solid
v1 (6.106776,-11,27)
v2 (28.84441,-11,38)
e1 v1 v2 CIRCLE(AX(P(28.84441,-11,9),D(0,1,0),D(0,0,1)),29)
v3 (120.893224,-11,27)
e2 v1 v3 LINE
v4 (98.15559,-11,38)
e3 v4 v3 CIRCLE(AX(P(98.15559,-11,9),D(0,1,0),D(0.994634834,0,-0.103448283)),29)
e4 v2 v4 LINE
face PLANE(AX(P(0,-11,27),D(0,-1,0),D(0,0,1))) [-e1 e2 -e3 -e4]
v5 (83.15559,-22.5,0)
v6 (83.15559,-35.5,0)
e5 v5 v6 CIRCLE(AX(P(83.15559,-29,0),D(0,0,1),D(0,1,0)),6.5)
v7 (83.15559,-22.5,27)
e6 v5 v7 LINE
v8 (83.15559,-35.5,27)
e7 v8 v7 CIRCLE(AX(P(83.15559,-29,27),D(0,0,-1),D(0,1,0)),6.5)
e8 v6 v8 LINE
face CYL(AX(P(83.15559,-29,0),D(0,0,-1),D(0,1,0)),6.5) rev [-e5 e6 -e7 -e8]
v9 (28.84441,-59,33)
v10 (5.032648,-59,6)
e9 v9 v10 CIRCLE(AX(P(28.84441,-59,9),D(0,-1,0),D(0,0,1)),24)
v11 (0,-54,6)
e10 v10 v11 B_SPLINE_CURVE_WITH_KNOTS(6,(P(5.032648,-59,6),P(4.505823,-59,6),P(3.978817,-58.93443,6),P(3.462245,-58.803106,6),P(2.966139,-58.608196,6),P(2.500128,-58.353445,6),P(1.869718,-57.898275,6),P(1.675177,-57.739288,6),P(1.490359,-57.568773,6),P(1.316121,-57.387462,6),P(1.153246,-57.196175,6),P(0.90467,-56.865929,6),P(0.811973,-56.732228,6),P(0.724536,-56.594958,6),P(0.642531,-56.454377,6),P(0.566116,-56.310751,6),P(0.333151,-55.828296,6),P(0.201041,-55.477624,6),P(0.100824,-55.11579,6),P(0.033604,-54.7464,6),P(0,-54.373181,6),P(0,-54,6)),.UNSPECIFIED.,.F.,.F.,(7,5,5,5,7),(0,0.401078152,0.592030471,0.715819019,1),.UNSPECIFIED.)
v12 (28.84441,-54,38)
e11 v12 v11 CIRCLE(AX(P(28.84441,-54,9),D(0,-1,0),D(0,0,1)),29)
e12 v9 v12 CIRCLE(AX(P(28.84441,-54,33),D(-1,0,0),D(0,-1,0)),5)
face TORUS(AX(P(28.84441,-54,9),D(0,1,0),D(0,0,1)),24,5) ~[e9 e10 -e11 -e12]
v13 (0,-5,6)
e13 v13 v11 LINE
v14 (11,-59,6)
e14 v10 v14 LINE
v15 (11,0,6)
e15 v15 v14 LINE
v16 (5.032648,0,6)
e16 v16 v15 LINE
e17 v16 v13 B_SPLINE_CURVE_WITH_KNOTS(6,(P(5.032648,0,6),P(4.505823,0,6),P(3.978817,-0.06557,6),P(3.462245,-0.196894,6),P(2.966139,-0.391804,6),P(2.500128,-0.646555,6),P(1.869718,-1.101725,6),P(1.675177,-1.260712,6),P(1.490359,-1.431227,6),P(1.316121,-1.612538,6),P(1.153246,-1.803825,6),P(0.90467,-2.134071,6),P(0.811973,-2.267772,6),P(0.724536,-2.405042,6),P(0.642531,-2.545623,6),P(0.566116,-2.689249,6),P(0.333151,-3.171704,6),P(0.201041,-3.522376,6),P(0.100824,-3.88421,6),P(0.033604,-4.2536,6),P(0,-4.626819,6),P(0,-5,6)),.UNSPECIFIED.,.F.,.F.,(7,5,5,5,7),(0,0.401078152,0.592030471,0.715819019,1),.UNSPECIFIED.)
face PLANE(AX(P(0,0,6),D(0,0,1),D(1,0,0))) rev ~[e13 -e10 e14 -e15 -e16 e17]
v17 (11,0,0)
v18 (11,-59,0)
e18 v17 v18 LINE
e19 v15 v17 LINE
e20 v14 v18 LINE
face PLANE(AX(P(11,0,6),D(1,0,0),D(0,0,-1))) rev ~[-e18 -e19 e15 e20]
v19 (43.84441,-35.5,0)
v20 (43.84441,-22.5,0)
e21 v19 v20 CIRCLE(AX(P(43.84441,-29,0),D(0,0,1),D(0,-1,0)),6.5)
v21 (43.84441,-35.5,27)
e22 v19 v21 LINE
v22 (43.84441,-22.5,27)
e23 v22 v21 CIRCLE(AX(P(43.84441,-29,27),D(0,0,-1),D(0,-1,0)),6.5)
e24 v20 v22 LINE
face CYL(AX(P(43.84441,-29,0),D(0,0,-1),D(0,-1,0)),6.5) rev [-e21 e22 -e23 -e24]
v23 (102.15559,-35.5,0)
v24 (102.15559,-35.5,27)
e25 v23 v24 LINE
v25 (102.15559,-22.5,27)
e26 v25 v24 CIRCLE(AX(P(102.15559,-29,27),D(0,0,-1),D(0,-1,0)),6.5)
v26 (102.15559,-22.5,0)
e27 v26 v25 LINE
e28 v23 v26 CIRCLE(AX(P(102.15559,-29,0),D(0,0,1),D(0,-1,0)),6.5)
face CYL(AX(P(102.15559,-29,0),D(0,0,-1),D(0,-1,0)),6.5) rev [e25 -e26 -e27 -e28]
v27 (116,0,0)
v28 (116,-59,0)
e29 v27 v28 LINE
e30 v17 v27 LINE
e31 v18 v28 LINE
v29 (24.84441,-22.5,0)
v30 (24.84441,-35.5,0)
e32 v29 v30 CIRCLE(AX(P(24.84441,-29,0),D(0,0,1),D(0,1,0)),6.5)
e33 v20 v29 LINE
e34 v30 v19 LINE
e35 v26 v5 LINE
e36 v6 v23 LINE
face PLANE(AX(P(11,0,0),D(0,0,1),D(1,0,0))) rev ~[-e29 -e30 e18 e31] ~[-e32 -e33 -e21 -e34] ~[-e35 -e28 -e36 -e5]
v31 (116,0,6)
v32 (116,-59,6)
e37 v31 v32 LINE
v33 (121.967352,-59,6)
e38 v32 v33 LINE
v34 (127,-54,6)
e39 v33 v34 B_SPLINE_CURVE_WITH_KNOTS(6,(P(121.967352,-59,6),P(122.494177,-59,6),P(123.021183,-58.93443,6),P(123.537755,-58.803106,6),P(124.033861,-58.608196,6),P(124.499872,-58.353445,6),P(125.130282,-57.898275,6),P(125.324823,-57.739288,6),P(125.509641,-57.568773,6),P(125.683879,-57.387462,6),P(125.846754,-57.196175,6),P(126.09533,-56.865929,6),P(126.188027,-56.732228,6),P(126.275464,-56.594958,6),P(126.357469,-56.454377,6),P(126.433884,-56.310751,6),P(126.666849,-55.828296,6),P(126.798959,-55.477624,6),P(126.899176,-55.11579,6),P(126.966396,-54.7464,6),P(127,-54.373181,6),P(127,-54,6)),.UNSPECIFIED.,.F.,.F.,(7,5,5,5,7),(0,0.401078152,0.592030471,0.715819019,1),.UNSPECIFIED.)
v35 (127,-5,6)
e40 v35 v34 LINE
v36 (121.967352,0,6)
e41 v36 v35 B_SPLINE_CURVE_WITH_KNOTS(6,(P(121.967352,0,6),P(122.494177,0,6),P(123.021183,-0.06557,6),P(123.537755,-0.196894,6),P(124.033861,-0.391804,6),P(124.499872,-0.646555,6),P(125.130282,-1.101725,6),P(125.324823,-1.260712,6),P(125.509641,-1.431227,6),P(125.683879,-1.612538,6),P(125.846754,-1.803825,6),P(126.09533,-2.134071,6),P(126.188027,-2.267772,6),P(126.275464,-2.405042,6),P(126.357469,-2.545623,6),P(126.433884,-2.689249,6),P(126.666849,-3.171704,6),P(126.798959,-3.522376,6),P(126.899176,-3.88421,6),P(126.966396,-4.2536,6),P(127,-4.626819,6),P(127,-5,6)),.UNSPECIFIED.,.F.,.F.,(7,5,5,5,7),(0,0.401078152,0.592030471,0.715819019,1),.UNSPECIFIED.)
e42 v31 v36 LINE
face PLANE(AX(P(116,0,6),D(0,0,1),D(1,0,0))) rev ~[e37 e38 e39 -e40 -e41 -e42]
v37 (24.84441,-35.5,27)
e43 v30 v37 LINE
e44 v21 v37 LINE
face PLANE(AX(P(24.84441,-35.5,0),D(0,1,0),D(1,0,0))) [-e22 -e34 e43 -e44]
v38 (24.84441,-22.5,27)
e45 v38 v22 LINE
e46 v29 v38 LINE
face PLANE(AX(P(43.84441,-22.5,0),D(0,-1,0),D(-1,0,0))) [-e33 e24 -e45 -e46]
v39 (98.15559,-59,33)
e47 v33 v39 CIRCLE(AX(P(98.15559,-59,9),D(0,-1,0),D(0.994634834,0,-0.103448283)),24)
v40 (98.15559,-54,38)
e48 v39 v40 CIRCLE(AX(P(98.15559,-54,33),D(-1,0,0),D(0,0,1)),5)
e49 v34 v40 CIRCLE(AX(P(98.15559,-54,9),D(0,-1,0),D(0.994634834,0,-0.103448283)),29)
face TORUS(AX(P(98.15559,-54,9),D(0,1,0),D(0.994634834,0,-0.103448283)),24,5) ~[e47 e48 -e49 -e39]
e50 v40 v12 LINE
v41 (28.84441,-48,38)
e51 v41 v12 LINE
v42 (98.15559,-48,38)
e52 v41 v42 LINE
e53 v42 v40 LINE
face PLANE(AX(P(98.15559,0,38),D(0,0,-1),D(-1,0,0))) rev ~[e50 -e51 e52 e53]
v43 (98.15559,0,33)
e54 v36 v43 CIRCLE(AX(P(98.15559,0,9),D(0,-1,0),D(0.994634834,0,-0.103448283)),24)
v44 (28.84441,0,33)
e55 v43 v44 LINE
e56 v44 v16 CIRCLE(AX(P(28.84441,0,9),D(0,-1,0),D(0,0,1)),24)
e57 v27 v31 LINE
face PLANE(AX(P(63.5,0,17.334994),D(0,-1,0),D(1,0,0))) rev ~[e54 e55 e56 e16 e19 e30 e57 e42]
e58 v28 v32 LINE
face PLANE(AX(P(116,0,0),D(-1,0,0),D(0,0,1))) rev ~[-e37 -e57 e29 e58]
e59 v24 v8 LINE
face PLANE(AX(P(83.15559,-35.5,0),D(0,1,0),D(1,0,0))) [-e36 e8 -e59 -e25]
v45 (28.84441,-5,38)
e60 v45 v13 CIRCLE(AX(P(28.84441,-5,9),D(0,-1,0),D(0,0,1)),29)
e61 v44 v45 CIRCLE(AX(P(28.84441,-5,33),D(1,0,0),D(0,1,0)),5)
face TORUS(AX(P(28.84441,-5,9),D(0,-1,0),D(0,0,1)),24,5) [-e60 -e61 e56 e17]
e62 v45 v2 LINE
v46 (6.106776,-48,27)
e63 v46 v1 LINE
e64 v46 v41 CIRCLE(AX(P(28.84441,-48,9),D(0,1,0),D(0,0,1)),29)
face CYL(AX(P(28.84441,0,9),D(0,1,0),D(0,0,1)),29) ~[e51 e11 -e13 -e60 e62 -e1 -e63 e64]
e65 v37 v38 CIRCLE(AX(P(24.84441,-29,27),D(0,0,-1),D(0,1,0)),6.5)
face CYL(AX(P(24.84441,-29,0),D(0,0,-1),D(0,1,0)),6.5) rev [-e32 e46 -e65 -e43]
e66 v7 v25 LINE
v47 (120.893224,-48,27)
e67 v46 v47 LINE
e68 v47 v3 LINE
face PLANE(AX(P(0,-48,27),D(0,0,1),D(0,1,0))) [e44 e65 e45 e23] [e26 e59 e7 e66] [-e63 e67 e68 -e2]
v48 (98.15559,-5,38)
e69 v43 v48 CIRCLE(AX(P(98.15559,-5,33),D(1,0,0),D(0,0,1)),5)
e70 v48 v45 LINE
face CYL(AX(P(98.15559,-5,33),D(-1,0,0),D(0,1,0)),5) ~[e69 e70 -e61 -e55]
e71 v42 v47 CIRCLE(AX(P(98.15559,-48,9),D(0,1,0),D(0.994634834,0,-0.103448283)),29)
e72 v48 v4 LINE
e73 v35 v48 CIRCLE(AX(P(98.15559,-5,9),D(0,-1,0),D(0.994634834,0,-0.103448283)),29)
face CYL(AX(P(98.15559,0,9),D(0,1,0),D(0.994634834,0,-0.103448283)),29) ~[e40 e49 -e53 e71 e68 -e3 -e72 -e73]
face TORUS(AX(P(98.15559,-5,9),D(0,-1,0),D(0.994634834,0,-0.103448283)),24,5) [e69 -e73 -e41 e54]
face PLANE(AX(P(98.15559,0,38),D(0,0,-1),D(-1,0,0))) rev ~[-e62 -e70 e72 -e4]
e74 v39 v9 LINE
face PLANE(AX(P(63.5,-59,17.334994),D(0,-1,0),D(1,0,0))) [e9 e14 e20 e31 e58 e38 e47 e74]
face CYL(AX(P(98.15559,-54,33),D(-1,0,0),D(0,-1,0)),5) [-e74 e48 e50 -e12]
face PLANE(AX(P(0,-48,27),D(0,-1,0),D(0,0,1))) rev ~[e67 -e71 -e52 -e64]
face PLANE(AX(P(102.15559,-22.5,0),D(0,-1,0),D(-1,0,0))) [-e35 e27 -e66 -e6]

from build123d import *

# Parameters (mm, degrees)
F1_DEPTH = 59
F2_W     = 37
F2_H     = 11
F3_DEPTH = 170
F5_DEPTH = 61.20861
F6_R     = 5


with BuildPart() as f1:
    # F0 (on Front) → F1 (new body)
    with BuildSketch(Plane.XZ):
        with BuildLine():
            Line((11, 6), (11, 0))
            Line((11, 0), (116, 0))
            Line((116, 0), (116, 6))
            Line((116, 6), (127, 6))
            ThreePointArc((127, 6), (119.696249, 28.416488), (98.15559, 38))
            Line((98.15559, 38), (28.84441, 38))
            ThreePointArc((28.84441, 38), (7.303751, 28.416488), (0, 6))
            Line((0, 6), (11, 6))
        make_face()
    extrude(amount=F1_DEPTH)

    # F2 (on Right) → F3 (cut)
    with BuildSketch(Plane.YZ):
        with Locations((-29.5, 32.5)):
            Rectangle(F2_W, F2_H)
    extrude(amount=F3_DEPTH, mode=Mode.SUBTRACT)

    # F4 (on Top) → F5 (cut)
    with BuildSketch(Plane.XY):
        with BuildLine():
            Line((43.84441, -22.5), (24.84441, -22.5))
            ThreePointArc((24.84441, -22.5), (18.34441, -29), (24.84441, -35.5))
            Line((24.84441, -35.5), (43.84441, -35.5))
            ThreePointArc((43.84441, -35.5), (50.34441, -29), (43.84441, -22.5))
        make_face()
        with BuildLine():
            Line((102.15559, -22.5), (83.15559, -22.5))
            ThreePointArc((83.15559, -22.5), (76.65559, -29), (83.15559, -35.5))
            Line((83.15559, -35.5), (102.15559, -35.5))
            ThreePointArc((102.15559, -35.5), (108.65559, -29), (102.15559, -22.5))
        make_face()
    extrude(amount=F5_DEPTH, mode=Mode.SUBTRACT)

    # F6
    f6_edges = [f1.edges().sort_by_distance(p)[0] for p in [
        (7.303751, -59, 28.416488),
        (7.303751, 0, 28.416488),
    ]]
    fillet(f6_edges, radius=F6_R)


solid = f1.part
